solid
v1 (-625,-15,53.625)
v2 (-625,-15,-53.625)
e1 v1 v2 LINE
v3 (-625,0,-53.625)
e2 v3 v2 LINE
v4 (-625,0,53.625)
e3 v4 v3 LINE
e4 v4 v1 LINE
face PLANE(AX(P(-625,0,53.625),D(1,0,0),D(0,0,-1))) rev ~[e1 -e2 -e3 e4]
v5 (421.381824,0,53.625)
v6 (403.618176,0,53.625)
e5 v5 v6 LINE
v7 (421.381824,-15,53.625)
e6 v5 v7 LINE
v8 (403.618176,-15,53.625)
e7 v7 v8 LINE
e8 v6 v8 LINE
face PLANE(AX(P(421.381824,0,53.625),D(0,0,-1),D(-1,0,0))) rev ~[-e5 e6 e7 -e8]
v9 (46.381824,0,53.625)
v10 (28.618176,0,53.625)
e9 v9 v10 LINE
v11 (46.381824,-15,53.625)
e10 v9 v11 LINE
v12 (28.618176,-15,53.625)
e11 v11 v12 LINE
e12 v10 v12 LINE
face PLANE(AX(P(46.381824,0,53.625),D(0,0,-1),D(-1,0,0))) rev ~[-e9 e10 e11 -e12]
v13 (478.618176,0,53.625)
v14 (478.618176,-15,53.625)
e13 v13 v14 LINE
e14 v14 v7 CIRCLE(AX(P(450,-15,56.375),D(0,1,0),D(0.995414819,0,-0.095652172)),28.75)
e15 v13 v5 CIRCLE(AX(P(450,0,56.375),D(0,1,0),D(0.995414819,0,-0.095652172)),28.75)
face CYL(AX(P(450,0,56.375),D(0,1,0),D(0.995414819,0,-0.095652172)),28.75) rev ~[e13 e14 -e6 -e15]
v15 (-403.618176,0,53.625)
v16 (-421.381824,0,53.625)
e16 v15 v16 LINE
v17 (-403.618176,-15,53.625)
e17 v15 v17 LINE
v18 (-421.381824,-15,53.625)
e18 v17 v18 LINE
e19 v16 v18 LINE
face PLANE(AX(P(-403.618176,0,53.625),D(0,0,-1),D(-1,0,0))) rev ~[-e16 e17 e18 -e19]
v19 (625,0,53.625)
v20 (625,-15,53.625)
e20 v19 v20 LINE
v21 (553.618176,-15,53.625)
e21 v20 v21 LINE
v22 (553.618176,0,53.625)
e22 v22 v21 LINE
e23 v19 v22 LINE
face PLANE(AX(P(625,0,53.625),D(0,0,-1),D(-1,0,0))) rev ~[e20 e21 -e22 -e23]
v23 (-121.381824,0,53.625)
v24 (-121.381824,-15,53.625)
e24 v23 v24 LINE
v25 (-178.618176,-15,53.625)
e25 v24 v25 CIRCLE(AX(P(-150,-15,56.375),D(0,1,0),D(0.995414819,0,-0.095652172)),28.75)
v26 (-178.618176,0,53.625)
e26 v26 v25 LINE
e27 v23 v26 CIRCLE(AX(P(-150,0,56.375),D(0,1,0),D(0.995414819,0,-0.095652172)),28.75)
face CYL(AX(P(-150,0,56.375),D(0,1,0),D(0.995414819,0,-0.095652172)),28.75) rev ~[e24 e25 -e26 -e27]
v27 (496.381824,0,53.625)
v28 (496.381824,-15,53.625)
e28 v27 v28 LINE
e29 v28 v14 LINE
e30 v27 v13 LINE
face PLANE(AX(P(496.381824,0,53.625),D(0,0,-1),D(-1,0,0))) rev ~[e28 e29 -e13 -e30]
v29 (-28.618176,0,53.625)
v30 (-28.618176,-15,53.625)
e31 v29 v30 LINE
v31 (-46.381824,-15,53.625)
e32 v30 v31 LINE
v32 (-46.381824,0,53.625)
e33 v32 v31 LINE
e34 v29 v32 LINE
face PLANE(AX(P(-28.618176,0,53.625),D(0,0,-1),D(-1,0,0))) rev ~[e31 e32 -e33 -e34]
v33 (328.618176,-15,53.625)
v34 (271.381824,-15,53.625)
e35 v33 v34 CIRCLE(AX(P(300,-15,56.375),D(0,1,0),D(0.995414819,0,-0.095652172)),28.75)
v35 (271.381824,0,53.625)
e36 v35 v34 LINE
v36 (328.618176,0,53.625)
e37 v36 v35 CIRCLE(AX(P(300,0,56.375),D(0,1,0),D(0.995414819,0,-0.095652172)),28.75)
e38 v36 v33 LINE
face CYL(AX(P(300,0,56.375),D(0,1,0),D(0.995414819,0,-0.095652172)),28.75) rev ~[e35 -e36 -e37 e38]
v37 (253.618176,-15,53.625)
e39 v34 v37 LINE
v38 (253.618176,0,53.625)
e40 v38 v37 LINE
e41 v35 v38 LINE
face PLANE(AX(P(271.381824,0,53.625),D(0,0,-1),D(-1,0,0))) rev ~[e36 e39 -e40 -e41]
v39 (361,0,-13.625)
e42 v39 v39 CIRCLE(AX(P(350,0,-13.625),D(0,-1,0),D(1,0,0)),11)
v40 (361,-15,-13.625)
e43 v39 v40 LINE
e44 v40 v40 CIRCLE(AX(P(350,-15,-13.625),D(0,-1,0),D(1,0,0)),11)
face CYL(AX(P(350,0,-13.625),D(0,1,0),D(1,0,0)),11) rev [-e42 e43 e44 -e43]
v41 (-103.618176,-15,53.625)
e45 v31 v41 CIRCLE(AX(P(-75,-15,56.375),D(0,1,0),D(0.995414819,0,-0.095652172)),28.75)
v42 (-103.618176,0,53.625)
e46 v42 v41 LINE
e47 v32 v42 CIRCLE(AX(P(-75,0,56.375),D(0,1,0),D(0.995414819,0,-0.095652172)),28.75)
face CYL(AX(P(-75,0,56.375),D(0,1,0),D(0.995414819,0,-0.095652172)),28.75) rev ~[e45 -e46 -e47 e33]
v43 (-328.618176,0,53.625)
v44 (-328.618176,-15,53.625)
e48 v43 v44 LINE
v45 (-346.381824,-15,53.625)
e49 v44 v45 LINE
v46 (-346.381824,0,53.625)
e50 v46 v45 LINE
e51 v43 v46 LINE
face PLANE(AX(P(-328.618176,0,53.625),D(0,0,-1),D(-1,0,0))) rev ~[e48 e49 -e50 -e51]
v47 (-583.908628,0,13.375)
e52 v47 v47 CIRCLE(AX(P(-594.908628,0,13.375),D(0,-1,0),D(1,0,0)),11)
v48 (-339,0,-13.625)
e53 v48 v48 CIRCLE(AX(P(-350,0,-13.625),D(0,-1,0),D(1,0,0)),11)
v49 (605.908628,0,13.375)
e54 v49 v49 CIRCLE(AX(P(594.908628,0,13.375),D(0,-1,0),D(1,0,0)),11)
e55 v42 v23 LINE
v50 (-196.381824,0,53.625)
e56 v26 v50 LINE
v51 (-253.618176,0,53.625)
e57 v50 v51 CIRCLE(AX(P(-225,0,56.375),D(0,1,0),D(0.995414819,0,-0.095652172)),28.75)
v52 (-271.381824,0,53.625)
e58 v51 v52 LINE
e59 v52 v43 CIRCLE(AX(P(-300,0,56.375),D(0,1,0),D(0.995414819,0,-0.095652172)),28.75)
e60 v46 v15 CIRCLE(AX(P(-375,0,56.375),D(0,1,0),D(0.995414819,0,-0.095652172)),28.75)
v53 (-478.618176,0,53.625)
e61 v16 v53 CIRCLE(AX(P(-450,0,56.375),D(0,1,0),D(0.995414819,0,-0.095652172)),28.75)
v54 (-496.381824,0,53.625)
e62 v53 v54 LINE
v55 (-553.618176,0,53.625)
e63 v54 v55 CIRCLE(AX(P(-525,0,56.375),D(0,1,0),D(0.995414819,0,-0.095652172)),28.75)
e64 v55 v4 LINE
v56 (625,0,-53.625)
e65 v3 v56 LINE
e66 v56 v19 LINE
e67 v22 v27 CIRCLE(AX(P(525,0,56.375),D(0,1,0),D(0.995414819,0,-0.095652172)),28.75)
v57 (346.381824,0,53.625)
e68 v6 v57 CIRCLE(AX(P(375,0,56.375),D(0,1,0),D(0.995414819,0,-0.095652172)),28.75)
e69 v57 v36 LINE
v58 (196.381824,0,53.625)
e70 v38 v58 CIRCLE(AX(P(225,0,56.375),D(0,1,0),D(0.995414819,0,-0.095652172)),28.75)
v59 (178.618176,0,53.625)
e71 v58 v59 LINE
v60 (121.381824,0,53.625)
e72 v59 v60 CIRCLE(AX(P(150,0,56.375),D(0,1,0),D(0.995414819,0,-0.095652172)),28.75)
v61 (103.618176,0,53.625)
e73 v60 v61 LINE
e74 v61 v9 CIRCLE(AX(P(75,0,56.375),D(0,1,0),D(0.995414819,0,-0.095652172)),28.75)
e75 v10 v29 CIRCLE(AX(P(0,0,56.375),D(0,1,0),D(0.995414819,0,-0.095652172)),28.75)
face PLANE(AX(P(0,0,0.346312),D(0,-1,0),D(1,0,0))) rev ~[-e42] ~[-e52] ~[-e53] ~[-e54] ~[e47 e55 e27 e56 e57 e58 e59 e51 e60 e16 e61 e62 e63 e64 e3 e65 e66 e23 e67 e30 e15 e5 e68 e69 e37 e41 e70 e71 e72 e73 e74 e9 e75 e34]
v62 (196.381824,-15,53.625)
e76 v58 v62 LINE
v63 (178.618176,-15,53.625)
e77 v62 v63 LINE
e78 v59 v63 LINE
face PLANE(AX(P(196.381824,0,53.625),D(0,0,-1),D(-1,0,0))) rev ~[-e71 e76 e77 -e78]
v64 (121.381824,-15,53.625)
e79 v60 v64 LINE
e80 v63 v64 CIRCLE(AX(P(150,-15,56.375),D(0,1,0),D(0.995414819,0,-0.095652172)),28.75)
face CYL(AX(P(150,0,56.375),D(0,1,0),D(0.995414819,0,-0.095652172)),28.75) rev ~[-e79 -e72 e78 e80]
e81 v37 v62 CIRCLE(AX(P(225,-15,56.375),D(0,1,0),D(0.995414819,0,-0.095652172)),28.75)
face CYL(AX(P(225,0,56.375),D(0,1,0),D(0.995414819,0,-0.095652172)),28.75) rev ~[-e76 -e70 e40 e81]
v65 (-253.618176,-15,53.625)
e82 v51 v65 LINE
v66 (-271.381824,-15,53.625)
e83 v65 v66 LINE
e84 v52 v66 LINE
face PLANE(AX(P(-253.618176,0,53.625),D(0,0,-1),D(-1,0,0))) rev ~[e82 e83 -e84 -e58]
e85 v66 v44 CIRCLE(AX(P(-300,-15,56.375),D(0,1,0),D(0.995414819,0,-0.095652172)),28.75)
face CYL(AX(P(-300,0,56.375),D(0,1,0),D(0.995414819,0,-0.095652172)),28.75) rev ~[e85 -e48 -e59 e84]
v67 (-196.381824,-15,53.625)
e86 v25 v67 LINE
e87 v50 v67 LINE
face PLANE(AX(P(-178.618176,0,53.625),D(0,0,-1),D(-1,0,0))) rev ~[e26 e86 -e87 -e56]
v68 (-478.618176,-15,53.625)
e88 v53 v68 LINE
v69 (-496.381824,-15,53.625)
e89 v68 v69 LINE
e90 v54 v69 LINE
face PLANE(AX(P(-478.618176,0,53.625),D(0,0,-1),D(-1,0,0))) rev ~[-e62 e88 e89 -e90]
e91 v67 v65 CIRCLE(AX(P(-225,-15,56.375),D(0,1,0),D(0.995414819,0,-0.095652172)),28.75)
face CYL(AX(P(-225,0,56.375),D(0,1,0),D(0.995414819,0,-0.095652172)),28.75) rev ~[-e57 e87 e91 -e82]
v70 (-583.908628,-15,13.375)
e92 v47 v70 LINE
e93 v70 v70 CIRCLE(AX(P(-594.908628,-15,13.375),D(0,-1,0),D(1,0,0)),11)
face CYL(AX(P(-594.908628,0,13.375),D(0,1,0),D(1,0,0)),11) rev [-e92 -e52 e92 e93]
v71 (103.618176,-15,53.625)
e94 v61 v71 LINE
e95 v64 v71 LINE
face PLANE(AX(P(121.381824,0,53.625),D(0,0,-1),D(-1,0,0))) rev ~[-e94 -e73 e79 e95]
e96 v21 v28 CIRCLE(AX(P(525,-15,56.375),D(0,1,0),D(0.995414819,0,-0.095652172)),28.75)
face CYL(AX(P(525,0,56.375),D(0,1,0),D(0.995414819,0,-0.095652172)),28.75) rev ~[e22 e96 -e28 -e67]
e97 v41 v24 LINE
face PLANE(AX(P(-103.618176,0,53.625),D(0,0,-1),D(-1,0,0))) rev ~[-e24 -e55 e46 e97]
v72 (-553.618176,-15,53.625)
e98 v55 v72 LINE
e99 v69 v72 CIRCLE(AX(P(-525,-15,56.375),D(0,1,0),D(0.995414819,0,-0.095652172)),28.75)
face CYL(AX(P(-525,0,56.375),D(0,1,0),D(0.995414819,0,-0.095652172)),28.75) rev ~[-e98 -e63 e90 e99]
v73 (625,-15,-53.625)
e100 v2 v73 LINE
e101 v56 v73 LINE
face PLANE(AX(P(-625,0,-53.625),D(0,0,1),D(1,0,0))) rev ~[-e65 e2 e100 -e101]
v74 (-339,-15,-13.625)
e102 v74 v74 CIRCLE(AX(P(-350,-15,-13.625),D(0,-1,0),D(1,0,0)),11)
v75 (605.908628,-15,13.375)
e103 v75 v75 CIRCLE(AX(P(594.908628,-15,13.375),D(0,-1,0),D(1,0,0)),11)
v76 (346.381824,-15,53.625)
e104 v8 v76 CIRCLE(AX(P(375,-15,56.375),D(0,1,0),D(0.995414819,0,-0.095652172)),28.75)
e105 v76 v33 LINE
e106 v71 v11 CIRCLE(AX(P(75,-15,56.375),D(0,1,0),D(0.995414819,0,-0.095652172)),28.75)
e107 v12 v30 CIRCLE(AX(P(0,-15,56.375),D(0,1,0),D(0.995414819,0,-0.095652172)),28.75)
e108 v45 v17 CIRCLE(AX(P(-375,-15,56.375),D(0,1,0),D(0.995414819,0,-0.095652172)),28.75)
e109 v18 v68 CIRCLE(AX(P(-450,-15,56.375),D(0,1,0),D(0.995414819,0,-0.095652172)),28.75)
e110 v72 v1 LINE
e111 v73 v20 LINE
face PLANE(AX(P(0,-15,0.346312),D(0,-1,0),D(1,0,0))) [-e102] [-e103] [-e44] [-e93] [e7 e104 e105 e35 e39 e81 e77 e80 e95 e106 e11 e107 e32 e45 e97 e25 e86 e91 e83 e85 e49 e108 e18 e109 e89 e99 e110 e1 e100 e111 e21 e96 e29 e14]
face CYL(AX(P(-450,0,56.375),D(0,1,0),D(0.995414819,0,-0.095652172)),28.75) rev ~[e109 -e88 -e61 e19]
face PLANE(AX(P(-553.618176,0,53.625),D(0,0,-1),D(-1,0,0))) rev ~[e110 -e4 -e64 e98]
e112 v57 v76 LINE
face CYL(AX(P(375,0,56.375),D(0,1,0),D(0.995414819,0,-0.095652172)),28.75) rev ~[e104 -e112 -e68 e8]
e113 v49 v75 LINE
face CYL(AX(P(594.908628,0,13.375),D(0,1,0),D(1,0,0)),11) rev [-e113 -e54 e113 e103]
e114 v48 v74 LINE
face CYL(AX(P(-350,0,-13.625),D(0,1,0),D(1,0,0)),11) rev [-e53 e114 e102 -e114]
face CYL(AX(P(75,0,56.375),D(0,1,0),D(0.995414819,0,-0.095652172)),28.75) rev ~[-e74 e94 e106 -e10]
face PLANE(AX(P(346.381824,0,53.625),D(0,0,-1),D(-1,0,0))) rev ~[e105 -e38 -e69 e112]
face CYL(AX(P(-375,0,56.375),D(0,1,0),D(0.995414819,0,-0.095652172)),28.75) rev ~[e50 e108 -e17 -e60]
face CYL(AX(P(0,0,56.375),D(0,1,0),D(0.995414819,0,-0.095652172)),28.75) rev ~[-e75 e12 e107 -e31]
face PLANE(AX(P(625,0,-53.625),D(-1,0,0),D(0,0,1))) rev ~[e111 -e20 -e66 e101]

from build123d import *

# Parameters (mm, degrees)
F0_R     = 11
F1_DEPTH = 15


with BuildPart() as f1:
    # F0 (on Front) → F1 (new body)
    with BuildSketch(Plane.XZ):
        with BuildLine():
            Line((625, -53.625), (625, 53.625))
            Line((625, 53.625), (553.618176, 53.625))
            ThreePointArc((553.618176, 53.625), (525, 27.625), (496.381824, 53.625))
            Line((496.381824, 53.625), (478.618176, 53.625))
            ThreePointArc((478.618176, 53.625), (450, 27.625), (421.381824, 53.625))
            Line((421.381824, 53.625), (403.618176, 53.625))
            ThreePointArc((403.618176, 53.625), (375, 27.625), (346.381824, 53.625))
            Line((346.381824, 53.625), (328.618176, 53.625))
            ThreePointArc((328.618176, 53.625), (300, 27.625), (271.381824, 53.625))
            Line((271.381824, 53.625), (253.618176, 53.625))
            ThreePointArc((253.618176, 53.625), (225, 27.625), (196.381824, 53.625))
            Line((196.381824, 53.625), (178.618176, 53.625))
            ThreePointArc((178.618176, 53.625), (150, 27.625), (121.381824, 53.625))
            Line((121.381824, 53.625), (103.618176, 53.625))
            ThreePointArc((103.618176, 53.625), (75, 27.625), (46.381824, 53.625))
            Line((46.381824, 53.625), (28.618176, 53.625))
            ThreePointArc((28.618176, 53.625), (0, 27.625), (-28.618176, 53.625))
            Line((-28.618176, 53.625), (-46.381824, 53.625))
            ThreePointArc((-46.381824, 53.625), (-75, 27.625), (-103.618176, 53.625))
            Line((-103.618176, 53.625), (-121.381824, 53.625))
            ThreePointArc((-121.381824, 53.625), (-150, 27.625), (-178.618176, 53.625))
            Line((-178.618176, 53.625), (-196.381824, 53.625))
            ThreePointArc((-196.381824, 53.625), (-225, 27.625), (-253.618176, 53.625))
            Line((-253.618176, 53.625), (-271.381824, 53.625))
            ThreePointArc((-271.381824, 53.625), (-300, 27.625), (-328.618176, 53.625))
            Line((-328.618176, 53.625), (-346.381824, 53.625))
            ThreePointArc((-346.381824, 53.625), (-375, 27.625), (-403.618176, 53.625))
            Line((-403.618176, 53.625), (-421.381824, 53.625))
            ThreePointArc((-421.381824, 53.625), (-450, 27.625), (-478.618176, 53.625))
            Line((-478.618176, 53.625), (-496.381824, 53.625))
            ThreePointArc((-496.381824, 53.625), (-525, 27.625), (-553.618176, 53.625))
            Line((-553.618176, 53.625), (-625, 53.625))
            Line((-625, 53.625), (-625, -53.625))
            Line((-625, -53.625), (625, -53.625))
        make_face()
        with Locations((-350, -13.625)):
            Circle(F0_R, mode=Mode.SUBTRACT)
        with Locations((350, -13.625)):
            Circle(F0_R, mode=Mode.SUBTRACT)
        with Locations((-594.908628, 13.375)):
            Circle(F0_R, mode=Mode.SUBTRACT)
        with Locations((594.908628, 13.375)):
            Circle(F0_R, mode=Mode.SUBTRACT)
    extrude(amount=F1_DEPTH)


solid = f1.part
